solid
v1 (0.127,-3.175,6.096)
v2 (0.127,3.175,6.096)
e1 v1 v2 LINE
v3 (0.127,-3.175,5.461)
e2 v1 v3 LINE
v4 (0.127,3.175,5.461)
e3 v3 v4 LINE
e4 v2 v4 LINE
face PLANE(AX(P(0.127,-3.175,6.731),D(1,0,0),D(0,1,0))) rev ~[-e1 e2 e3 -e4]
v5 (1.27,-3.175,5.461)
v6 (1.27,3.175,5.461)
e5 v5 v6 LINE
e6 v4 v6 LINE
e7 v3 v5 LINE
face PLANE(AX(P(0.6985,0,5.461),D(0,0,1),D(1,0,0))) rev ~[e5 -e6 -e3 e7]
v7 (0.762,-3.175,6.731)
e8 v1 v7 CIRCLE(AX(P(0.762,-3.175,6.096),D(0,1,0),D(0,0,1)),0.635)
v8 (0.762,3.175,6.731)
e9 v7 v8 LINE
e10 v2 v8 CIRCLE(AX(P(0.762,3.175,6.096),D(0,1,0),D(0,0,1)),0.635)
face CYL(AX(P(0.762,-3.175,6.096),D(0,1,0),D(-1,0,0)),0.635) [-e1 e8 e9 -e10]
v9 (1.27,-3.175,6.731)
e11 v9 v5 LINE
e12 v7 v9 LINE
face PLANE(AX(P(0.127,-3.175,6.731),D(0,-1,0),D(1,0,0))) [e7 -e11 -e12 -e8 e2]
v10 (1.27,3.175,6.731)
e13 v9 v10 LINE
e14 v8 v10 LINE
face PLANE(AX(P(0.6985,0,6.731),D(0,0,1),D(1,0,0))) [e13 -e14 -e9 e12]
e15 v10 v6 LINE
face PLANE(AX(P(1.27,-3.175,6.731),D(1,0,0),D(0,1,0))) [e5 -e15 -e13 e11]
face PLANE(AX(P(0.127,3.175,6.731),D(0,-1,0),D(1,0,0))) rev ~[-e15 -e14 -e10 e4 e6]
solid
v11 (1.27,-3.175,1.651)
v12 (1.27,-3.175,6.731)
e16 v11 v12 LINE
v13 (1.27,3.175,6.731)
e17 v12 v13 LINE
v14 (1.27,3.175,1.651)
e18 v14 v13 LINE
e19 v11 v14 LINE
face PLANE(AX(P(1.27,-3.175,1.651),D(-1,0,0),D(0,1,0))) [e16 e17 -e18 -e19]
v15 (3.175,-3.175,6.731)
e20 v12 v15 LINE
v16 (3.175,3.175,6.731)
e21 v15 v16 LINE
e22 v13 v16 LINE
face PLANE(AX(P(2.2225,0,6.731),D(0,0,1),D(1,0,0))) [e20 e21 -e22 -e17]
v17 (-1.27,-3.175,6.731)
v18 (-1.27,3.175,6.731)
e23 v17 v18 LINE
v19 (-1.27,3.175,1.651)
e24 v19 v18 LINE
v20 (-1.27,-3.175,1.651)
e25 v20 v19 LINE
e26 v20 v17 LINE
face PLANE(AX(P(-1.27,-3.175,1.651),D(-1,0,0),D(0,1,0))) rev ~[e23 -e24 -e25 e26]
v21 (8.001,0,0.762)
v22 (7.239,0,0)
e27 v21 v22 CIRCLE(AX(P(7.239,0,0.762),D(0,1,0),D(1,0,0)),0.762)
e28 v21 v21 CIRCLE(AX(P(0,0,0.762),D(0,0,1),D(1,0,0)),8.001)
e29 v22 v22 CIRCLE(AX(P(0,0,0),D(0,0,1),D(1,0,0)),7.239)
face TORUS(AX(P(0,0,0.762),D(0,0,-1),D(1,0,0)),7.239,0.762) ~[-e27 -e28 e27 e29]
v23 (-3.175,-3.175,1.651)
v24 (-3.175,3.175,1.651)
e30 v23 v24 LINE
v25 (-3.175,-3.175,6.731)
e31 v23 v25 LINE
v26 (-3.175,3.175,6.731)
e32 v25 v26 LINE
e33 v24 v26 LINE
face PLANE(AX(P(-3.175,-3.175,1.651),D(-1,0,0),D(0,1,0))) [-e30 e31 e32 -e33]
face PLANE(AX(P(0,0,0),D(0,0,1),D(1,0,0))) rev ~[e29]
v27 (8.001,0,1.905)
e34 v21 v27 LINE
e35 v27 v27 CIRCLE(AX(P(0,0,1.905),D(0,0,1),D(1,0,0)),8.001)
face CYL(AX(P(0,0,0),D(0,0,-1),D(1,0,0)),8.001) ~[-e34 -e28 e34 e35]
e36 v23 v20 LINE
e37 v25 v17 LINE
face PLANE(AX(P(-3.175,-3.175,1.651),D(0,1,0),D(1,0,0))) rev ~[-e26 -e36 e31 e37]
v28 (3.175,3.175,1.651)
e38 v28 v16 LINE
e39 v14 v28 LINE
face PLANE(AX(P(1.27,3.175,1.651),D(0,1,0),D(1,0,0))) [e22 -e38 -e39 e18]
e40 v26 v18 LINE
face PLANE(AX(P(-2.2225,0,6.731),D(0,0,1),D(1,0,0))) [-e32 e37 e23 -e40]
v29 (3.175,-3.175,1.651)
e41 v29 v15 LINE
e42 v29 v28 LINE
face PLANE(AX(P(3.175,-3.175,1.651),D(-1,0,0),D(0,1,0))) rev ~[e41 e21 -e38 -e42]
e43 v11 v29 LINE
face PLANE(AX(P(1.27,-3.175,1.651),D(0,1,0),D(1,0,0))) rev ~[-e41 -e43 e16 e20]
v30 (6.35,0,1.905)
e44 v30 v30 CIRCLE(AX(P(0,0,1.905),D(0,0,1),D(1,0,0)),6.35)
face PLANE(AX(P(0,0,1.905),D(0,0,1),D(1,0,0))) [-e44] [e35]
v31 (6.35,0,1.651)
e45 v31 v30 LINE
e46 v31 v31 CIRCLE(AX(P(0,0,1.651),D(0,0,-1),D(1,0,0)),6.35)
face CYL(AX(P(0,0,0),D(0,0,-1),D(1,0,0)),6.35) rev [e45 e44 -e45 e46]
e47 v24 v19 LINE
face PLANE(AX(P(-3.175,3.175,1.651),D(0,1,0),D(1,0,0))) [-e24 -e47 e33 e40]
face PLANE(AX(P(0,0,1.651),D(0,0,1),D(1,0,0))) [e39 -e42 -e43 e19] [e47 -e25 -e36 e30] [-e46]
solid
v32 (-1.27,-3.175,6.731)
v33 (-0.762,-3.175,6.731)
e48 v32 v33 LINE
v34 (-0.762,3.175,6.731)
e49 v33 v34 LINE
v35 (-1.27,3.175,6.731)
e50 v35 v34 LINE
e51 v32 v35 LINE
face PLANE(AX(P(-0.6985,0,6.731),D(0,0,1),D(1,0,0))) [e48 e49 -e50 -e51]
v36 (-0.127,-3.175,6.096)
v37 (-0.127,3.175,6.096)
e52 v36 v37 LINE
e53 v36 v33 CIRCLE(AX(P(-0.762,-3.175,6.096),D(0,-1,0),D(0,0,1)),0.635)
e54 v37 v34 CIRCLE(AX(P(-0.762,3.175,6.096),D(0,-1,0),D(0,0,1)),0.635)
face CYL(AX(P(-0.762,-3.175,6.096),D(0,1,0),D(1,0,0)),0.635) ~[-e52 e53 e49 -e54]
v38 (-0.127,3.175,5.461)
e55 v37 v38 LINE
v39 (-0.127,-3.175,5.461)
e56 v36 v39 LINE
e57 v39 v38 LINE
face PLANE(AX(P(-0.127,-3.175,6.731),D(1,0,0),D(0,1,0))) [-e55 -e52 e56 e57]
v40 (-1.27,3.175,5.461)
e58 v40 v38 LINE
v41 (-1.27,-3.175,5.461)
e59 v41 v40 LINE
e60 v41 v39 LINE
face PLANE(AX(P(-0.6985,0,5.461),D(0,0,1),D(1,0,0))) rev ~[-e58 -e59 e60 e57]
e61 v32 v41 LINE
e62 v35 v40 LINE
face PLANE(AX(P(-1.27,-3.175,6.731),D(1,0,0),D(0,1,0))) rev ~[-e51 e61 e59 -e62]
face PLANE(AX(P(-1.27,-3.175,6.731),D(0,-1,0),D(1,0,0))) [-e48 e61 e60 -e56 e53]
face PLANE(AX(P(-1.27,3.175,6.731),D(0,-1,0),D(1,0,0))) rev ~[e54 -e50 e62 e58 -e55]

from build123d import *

# Parameters (mm, degrees)
F0_R     = 8.001
F1_DEPTH = 1.905
F2_T     = -1.651
F3_W     = 1.905
F3_H     = 6.35
F7_DEPTH = 5.08
F8_W     = 1.143
F8_H     = 6.35
F4_W     = 1.143
F4_H     = 6.35
F9_DEPTH = 1.27
F5_R     = 0.762
F6_R     = 0.635


with BuildPart() as f1:
    # F0 (on Top) → F1 (new body)
    with BuildSketch(Plane.XY):
        Circle(F0_R)
    extrude(amount=F1_DEPTH)

    # F2
    f2_openings = [f1.faces().sort_by_distance(p)[0] for p in [
        (0, 0, 1.905),
    ]]
    offset(amount=F2_T, openings=f2_openings)

    # F3 (on face) → F7 (join)
    with BuildSketch(Plane.XY.offset(1.651)):
        with Locations((2.2225, 0)):
            Rectangle(F3_W, F3_H)
        with Locations((-2.2225, 0)):
            Rectangle(F3_W, F3_H)
    extrude(amount=F7_DEPTH)

    # F5
    f5_edges = [f1.edges().sort_by_distance(p)[0] for p in [
        (-8.001, 0, 0),
    ]]
    fillet(f5_edges, radius=F5_R)


with BuildPart() as f9:
    # F8 (on face) + F4 (on face) → F9 (new body)
    with BuildSketch(Plane.XY.offset(6.731)):
        with Locations((0.6985, 0)):
            Rectangle(F8_W, F8_H)
    with BuildSketch(Plane.XY.offset(6.731)):
        with Locations((-0.6985, 0)):
            Rectangle(F4_W, F4_H)
    extrude(amount=-F9_DEPTH)

    # F6
    f6_edges = [f9.edges().sort_by_distance(p)[0] for p in [
        (-0.127, 0, 6.731),
        (0.127, 0, 6.731),
    ]]
    fillet(f6_edges, radius=F6_R)


solid = Compound([f1.part, f9.part])
